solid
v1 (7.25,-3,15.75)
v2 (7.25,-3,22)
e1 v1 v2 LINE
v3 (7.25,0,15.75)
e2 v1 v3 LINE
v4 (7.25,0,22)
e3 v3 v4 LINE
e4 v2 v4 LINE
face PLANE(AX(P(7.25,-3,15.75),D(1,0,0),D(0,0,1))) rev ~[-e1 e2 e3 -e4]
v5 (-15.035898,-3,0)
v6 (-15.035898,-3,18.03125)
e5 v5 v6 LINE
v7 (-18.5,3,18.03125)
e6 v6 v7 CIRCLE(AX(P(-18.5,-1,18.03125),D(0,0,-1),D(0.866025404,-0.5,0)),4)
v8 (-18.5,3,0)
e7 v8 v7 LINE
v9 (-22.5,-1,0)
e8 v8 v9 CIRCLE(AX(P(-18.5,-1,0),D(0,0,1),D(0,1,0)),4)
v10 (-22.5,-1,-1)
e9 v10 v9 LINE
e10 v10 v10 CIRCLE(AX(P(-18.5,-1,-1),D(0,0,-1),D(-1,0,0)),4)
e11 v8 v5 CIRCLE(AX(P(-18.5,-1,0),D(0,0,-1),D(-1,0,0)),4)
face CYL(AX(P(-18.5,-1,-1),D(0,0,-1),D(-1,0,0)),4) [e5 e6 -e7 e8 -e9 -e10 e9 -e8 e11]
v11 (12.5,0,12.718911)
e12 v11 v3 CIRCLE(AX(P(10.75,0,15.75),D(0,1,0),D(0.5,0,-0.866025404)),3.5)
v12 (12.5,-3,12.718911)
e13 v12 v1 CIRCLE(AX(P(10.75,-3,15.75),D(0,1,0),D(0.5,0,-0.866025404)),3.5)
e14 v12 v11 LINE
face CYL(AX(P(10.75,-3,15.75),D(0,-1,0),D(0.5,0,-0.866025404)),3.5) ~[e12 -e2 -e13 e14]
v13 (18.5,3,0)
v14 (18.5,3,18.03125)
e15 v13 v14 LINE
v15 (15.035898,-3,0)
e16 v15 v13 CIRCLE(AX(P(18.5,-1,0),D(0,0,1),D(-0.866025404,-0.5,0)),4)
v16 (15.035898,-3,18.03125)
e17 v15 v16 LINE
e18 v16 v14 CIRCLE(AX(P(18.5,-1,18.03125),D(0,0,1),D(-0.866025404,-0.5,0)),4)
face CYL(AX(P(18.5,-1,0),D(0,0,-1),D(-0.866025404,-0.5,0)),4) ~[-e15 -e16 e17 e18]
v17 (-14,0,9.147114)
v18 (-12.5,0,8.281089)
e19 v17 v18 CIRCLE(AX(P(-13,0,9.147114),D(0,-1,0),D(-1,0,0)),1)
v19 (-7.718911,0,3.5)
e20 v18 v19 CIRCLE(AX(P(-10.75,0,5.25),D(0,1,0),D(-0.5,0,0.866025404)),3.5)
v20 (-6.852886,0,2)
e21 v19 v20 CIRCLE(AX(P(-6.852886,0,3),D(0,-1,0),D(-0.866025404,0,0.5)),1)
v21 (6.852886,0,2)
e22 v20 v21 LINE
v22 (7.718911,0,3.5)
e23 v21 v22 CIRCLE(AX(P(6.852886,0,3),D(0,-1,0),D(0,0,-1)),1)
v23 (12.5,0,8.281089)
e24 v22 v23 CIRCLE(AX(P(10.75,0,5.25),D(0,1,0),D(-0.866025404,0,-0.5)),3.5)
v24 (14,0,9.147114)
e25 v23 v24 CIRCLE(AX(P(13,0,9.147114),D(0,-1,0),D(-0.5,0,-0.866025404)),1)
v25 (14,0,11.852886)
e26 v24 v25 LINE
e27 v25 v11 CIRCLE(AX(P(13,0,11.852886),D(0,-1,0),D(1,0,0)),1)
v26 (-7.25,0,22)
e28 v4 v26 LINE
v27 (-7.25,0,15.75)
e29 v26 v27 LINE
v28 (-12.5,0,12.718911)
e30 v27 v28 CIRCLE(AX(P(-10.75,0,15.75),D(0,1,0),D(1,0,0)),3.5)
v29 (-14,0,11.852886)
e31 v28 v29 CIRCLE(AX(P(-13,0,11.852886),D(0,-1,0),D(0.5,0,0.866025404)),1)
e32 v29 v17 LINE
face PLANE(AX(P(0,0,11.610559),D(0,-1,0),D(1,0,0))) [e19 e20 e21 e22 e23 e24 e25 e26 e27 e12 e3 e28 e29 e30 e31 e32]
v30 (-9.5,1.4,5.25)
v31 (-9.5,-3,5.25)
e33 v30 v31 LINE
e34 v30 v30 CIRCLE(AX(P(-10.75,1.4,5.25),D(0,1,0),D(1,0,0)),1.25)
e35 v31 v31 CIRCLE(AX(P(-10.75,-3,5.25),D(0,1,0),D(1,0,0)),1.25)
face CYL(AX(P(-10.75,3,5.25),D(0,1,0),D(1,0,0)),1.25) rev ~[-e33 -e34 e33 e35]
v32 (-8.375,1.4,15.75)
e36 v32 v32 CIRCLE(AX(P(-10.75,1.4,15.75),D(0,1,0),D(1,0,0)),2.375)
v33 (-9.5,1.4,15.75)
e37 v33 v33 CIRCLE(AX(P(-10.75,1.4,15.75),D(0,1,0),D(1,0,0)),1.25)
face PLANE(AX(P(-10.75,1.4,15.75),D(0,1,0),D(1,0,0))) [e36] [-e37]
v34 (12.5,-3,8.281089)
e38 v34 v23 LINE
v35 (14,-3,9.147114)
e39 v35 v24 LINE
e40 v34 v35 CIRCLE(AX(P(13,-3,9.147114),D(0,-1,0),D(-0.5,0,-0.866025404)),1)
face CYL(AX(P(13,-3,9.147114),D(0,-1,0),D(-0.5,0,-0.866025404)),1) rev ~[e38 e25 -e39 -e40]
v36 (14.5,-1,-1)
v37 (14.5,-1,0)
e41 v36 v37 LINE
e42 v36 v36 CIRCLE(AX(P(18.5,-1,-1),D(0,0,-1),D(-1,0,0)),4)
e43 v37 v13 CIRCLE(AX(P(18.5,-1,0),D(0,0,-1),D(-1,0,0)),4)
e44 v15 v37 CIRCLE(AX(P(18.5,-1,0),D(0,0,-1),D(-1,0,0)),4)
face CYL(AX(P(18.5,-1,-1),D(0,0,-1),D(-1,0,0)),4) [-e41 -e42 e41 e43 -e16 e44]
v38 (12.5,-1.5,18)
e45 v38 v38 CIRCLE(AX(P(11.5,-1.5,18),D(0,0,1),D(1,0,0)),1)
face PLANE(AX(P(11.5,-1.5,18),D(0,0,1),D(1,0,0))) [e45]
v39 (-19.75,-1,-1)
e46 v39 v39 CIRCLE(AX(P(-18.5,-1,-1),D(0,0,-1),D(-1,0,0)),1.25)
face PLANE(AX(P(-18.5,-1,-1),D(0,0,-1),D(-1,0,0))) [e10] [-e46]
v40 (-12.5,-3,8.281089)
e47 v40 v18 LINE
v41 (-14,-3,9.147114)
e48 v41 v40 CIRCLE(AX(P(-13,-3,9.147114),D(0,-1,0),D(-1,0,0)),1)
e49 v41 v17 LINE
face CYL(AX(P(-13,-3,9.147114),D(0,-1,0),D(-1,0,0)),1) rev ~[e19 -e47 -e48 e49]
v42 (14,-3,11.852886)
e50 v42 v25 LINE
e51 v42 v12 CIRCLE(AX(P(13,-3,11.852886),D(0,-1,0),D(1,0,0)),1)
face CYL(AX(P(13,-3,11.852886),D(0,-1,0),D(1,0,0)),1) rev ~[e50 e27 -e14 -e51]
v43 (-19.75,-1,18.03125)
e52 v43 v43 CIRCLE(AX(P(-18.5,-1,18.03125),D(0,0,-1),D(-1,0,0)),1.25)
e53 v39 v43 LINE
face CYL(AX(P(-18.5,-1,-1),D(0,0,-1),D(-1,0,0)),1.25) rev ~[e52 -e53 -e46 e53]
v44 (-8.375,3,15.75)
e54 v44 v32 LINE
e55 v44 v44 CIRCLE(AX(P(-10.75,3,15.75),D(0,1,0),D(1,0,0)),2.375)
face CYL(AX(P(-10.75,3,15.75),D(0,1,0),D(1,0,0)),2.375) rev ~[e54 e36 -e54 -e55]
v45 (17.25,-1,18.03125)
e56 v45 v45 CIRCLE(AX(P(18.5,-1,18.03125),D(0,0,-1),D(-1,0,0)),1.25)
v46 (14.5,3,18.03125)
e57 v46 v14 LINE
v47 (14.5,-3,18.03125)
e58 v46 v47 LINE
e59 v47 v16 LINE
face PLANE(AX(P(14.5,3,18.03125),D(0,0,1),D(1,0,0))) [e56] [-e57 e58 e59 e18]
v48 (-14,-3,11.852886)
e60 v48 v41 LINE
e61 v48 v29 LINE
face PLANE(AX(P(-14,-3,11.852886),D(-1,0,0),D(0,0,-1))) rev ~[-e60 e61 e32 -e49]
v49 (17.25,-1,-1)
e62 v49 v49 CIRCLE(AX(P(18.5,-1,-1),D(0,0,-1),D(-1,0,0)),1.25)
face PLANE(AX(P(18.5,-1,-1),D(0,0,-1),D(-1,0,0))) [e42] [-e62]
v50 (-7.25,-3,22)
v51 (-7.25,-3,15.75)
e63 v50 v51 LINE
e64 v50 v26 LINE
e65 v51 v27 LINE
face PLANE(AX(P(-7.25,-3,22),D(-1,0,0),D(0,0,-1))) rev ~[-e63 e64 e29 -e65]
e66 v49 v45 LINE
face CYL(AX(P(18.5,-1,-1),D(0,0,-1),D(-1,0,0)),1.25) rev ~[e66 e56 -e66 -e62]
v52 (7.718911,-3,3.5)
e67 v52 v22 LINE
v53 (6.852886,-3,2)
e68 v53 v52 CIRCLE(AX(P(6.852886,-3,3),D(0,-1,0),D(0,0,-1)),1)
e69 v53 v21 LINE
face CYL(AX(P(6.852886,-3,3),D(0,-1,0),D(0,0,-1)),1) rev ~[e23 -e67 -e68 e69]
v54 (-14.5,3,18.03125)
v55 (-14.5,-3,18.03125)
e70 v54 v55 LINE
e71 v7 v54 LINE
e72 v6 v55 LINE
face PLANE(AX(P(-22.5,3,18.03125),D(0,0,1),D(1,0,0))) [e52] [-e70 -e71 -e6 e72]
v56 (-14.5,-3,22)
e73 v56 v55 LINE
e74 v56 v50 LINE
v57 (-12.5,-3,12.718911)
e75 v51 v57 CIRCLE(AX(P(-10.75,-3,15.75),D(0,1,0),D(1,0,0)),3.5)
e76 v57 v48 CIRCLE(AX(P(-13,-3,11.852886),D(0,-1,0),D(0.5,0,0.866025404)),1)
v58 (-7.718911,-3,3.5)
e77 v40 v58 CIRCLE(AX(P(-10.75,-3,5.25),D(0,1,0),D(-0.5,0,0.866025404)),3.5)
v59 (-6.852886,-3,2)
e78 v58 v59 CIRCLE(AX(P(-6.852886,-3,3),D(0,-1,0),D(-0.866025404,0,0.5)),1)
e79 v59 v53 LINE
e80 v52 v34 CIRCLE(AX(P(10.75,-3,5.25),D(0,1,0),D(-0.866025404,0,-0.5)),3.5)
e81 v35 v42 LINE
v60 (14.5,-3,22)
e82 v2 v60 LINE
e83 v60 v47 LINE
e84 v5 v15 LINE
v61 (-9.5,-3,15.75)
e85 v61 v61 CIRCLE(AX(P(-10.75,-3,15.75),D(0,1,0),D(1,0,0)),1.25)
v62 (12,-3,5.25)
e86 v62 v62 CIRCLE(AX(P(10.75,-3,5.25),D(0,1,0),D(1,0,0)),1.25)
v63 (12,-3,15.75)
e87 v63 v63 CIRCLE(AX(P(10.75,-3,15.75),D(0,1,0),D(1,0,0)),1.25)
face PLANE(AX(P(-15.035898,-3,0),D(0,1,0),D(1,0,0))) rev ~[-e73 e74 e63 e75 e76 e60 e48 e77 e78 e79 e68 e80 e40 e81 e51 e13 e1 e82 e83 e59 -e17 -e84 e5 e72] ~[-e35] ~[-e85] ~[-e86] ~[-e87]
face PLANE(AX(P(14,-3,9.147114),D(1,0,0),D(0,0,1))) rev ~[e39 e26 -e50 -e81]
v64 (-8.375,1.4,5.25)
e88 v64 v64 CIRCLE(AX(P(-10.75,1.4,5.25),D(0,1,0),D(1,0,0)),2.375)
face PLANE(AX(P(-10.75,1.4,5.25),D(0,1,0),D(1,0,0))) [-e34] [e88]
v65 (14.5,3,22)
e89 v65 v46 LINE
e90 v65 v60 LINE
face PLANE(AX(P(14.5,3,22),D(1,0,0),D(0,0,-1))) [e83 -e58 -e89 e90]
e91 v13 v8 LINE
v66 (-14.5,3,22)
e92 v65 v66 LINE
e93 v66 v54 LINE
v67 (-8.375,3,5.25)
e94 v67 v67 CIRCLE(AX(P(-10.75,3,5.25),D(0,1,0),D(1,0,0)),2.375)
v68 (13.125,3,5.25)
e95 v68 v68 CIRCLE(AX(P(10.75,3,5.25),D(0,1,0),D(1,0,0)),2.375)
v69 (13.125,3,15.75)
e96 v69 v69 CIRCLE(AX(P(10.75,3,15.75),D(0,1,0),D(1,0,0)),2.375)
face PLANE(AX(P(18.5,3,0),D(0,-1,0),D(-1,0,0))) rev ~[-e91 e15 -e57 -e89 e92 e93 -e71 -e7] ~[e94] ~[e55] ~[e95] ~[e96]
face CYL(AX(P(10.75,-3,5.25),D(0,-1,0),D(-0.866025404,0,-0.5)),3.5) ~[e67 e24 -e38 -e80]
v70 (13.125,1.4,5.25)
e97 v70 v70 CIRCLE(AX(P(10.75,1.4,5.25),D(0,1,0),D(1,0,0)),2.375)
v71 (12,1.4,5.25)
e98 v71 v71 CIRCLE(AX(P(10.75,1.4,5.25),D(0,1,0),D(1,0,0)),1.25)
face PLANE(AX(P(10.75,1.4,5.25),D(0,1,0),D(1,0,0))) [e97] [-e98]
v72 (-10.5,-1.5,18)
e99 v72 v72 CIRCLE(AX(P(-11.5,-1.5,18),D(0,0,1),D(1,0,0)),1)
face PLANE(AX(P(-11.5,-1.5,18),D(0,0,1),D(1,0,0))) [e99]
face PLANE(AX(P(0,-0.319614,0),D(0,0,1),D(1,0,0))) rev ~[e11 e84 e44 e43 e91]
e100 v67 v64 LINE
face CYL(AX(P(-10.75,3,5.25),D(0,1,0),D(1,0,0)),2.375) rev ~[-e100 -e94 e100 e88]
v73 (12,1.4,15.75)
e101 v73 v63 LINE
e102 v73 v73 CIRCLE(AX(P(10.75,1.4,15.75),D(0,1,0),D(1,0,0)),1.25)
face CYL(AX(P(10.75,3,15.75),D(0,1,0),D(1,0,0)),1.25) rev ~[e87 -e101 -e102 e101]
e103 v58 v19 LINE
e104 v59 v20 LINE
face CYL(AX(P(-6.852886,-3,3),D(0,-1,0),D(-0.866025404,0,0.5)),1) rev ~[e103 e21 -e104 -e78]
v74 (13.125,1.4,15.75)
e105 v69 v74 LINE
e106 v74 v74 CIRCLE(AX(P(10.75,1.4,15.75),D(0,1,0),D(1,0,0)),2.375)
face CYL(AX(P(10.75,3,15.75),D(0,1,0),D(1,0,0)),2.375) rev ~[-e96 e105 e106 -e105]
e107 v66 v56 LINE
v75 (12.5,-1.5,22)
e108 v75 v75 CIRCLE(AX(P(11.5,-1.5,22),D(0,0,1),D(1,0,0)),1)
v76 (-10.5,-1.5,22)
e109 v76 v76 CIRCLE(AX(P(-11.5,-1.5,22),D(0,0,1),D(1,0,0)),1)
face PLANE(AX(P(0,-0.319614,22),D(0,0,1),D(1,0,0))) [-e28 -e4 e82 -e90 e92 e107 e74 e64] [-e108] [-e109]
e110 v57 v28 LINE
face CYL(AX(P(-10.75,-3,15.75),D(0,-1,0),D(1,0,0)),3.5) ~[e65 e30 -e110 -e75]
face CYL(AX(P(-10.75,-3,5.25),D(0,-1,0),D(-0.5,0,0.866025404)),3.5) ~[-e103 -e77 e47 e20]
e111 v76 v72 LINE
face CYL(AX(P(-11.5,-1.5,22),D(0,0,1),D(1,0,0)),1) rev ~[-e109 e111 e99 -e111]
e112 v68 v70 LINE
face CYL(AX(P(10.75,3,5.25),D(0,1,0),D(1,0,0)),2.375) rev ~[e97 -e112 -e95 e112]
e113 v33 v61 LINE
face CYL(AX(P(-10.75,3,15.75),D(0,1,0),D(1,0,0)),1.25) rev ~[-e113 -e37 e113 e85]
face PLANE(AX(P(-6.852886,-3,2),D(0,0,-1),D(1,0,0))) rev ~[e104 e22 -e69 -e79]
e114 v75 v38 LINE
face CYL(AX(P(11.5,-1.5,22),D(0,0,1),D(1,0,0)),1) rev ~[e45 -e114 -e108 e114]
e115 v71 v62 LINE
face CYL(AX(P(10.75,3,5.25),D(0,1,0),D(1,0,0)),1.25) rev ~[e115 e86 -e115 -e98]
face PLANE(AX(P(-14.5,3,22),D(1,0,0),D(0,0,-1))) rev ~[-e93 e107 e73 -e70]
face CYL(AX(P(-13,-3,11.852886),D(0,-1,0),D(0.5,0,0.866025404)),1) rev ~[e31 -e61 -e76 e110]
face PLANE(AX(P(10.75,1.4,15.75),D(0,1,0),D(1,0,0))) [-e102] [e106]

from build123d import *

# Parameters (mm, degrees)
BOSS_EXTRUDE1_DEPTH = 22
SKETCH2_W           = 8
SKETCH2_H           = 3.96875
CUT_EXTRUDE1_DEPTH  = 33.46921619
BOSS_EXTRUDE2_START = 1
SKETCH3_R           = 4
BOSS_EXTRUDE2_DEPTH = 1
SKETCH4_R           = 1.25
CUT_EXTRUDE2_DEPTH  = 33.56148031
SKETCH5_R           = 1.25
CUT_EXTRUDE3_DEPTH  = 33.46921619
CUT_EXTRUDE4_DEPTH  = 3
SKETCH7_R           = 1
CUT_EXTRUDE5_DEPTH  = 4
SKETCH8_R           = 2.375
CUT_EXTRUDE6_DEPTH  = 1.6


with BuildPart() as part:
    # Sketch1 → Boss-Extrude1 (new body)
    with BuildSketch(Plane.XY):
        with BuildLine():
            Line((18.5, 3), (-18.5, 3))
            ThreePointArc((-18.5, 3), (-21.964101615, -3), (-15.035898385, -3))
            Line((-15.035898385, -3), (15.035898385, -3))
            ThreePointArc((15.035898385, -3), (21.964101615, -3), (18.5, 3))
        make_face()
    extrude(amount=BOSS_EXTRUDE1_DEPTH)

    # Sketch2 → Cut-Extrude1 (cut, through all)
    with BuildSketch(Plane(origin=(0, 3, 0), x_dir=(1, 0, 0), z_dir=(0, 1, 0))):
        with Locations((-18.5, -20.015625)):
            Rectangle(SKETCH2_W, SKETCH2_H)
        with Locations((18.5, -20.015625)):
            Rectangle(SKETCH2_W, SKETCH2_H)
    extrude(amount=-CUT_EXTRUDE1_DEPTH, mode=Mode.SUBTRACT)

    # Sketch3 → Boss-Extrude2 (add)
    with BuildSketch(Plane(origin=(0, 0, 0), x_dir=(-1, 0, 0), z_dir=(0, 0, -1)).offset(BOSS_EXTRUDE2_START)):
        with Locations((-18.5, -1)):
            Circle(SKETCH3_R)
        with Locations((18.5, -1)):
            Circle(SKETCH3_R)
    extrude(amount=-BOSS_EXTRUDE2_DEPTH)

    # Sketch4 → Cut-Extrude2 (cut, through all)
    with BuildSketch(Plane(origin=(0, 0, -1), x_dir=(-1, 0, 0), z_dir=(0, 0, -1))):
        with Locations((-18.5, -1)):
            Circle(SKETCH4_R)
        with Locations((18.5, -1)):
            Circle(SKETCH4_R)
    extrude(amount=-CUT_EXTRUDE2_DEPTH, mode=Mode.SUBTRACT)

    # Sketch5 → Cut-Extrude3 (cut, through all)
    with BuildSketch(Plane(origin=(0, 3, 0), x_dir=(1, 0, 0), z_dir=(0, 1, 0))):
        with Locations((-10.75, -5.25)):
            Circle(SKETCH5_R)
        with Locations((10.75, -5.25)):
            Circle(SKETCH5_R)
        with Locations((10.75, -15.75)):
            Circle(SKETCH5_R)
        with Locations((-10.75, -15.75)):
            Circle(SKETCH5_R)
    extrude(amount=-CUT_EXTRUDE3_DEPTH, mode=Mode.SUBTRACT)

    # Sketch6 → Cut-Extrude4 (cut)
    with BuildSketch(Plane.XZ.offset(3)):
        with BuildLine():
            Line((-6.852885683, 2), (6.852885683, 2))
            ThreePointArc((6.852885683, 2), (7.718911087, 2.5), (7.718911087, 3.5))
            ThreePointArc((7.718911087, 3.5), (8.275126266, 7.724873734), (12.5, 8.281088913))
            ThreePointArc((12.5, 8.281088913), (13.5, 8.281088913), (14, 9.147114317))
            Line((14, 9.147114317), (14, 11.852885683))
            ThreePointArc((14, 11.852885683), (13.5, 12.718911087), (12.5, 12.718911087))
            ThreePointArc((12.5, 12.718911087), (9, 12.718911087), (7.25, 15.75))
            Line((7.25, 15.75), (7.25, 22))
            Line((7.25, 22), (-7.25, 22))
            Line((-7.25, 22), (-7.25, 15.75))
            ThreePointArc((-7.25, 15.75), (-9, 12.718911087), (-12.5, 12.718911087))
            ThreePointArc((-12.5, 12.718911087), (-13.5, 12.718911087), (-14, 11.852885683))
            Line((-14, 11.852885683), (-14, 9.147114317))
            ThreePointArc((-14, 9.147114317), (-13.5, 8.281088913), (-12.5, 8.281088913))
            ThreePointArc((-12.5, 8.281088913), (-8.275126266, 7.724873734), (-7.718911087, 3.5))
            ThreePointArc((-7.718911087, 3.5), (-7.718911087, 2.5), (-6.852885683, 2))
        make_face()
    extrude(amount=-CUT_EXTRUDE4_DEPTH, mode=Mode.SUBTRACT)

    # Sketch7 → Cut-Extrude5 (cut)
    with BuildSketch(Plane.XY.offset(22)):
        with Locations((-11.5, -1.5)):
            Circle(SKETCH7_R)
        with Locations((11.5, -1.5)):
            Circle(SKETCH7_R)
    extrude(amount=-CUT_EXTRUDE5_DEPTH, mode=Mode.SUBTRACT)

    # Sketch8 → Cut-Extrude6 (cut)
    with BuildSketch(Plane(origin=(0, 3, 0), x_dir=(1, 0, 0), z_dir=(0, 1, 0))):
        with Locations((-10.75, -5.25)):
            Circle(SKETCH8_R)
        with Locations((10.75, -5.25)):
            Circle(SKETCH8_R)
        with Locations((10.75, -15.75)):
            Circle(SKETCH8_R)
        with Locations((-10.75, -15.75)):
            Circle(SKETCH8_R)
    extrude(amount=-CUT_EXTRUDE6_DEPTH, mode=Mode.SUBTRACT)


solid = part.part
